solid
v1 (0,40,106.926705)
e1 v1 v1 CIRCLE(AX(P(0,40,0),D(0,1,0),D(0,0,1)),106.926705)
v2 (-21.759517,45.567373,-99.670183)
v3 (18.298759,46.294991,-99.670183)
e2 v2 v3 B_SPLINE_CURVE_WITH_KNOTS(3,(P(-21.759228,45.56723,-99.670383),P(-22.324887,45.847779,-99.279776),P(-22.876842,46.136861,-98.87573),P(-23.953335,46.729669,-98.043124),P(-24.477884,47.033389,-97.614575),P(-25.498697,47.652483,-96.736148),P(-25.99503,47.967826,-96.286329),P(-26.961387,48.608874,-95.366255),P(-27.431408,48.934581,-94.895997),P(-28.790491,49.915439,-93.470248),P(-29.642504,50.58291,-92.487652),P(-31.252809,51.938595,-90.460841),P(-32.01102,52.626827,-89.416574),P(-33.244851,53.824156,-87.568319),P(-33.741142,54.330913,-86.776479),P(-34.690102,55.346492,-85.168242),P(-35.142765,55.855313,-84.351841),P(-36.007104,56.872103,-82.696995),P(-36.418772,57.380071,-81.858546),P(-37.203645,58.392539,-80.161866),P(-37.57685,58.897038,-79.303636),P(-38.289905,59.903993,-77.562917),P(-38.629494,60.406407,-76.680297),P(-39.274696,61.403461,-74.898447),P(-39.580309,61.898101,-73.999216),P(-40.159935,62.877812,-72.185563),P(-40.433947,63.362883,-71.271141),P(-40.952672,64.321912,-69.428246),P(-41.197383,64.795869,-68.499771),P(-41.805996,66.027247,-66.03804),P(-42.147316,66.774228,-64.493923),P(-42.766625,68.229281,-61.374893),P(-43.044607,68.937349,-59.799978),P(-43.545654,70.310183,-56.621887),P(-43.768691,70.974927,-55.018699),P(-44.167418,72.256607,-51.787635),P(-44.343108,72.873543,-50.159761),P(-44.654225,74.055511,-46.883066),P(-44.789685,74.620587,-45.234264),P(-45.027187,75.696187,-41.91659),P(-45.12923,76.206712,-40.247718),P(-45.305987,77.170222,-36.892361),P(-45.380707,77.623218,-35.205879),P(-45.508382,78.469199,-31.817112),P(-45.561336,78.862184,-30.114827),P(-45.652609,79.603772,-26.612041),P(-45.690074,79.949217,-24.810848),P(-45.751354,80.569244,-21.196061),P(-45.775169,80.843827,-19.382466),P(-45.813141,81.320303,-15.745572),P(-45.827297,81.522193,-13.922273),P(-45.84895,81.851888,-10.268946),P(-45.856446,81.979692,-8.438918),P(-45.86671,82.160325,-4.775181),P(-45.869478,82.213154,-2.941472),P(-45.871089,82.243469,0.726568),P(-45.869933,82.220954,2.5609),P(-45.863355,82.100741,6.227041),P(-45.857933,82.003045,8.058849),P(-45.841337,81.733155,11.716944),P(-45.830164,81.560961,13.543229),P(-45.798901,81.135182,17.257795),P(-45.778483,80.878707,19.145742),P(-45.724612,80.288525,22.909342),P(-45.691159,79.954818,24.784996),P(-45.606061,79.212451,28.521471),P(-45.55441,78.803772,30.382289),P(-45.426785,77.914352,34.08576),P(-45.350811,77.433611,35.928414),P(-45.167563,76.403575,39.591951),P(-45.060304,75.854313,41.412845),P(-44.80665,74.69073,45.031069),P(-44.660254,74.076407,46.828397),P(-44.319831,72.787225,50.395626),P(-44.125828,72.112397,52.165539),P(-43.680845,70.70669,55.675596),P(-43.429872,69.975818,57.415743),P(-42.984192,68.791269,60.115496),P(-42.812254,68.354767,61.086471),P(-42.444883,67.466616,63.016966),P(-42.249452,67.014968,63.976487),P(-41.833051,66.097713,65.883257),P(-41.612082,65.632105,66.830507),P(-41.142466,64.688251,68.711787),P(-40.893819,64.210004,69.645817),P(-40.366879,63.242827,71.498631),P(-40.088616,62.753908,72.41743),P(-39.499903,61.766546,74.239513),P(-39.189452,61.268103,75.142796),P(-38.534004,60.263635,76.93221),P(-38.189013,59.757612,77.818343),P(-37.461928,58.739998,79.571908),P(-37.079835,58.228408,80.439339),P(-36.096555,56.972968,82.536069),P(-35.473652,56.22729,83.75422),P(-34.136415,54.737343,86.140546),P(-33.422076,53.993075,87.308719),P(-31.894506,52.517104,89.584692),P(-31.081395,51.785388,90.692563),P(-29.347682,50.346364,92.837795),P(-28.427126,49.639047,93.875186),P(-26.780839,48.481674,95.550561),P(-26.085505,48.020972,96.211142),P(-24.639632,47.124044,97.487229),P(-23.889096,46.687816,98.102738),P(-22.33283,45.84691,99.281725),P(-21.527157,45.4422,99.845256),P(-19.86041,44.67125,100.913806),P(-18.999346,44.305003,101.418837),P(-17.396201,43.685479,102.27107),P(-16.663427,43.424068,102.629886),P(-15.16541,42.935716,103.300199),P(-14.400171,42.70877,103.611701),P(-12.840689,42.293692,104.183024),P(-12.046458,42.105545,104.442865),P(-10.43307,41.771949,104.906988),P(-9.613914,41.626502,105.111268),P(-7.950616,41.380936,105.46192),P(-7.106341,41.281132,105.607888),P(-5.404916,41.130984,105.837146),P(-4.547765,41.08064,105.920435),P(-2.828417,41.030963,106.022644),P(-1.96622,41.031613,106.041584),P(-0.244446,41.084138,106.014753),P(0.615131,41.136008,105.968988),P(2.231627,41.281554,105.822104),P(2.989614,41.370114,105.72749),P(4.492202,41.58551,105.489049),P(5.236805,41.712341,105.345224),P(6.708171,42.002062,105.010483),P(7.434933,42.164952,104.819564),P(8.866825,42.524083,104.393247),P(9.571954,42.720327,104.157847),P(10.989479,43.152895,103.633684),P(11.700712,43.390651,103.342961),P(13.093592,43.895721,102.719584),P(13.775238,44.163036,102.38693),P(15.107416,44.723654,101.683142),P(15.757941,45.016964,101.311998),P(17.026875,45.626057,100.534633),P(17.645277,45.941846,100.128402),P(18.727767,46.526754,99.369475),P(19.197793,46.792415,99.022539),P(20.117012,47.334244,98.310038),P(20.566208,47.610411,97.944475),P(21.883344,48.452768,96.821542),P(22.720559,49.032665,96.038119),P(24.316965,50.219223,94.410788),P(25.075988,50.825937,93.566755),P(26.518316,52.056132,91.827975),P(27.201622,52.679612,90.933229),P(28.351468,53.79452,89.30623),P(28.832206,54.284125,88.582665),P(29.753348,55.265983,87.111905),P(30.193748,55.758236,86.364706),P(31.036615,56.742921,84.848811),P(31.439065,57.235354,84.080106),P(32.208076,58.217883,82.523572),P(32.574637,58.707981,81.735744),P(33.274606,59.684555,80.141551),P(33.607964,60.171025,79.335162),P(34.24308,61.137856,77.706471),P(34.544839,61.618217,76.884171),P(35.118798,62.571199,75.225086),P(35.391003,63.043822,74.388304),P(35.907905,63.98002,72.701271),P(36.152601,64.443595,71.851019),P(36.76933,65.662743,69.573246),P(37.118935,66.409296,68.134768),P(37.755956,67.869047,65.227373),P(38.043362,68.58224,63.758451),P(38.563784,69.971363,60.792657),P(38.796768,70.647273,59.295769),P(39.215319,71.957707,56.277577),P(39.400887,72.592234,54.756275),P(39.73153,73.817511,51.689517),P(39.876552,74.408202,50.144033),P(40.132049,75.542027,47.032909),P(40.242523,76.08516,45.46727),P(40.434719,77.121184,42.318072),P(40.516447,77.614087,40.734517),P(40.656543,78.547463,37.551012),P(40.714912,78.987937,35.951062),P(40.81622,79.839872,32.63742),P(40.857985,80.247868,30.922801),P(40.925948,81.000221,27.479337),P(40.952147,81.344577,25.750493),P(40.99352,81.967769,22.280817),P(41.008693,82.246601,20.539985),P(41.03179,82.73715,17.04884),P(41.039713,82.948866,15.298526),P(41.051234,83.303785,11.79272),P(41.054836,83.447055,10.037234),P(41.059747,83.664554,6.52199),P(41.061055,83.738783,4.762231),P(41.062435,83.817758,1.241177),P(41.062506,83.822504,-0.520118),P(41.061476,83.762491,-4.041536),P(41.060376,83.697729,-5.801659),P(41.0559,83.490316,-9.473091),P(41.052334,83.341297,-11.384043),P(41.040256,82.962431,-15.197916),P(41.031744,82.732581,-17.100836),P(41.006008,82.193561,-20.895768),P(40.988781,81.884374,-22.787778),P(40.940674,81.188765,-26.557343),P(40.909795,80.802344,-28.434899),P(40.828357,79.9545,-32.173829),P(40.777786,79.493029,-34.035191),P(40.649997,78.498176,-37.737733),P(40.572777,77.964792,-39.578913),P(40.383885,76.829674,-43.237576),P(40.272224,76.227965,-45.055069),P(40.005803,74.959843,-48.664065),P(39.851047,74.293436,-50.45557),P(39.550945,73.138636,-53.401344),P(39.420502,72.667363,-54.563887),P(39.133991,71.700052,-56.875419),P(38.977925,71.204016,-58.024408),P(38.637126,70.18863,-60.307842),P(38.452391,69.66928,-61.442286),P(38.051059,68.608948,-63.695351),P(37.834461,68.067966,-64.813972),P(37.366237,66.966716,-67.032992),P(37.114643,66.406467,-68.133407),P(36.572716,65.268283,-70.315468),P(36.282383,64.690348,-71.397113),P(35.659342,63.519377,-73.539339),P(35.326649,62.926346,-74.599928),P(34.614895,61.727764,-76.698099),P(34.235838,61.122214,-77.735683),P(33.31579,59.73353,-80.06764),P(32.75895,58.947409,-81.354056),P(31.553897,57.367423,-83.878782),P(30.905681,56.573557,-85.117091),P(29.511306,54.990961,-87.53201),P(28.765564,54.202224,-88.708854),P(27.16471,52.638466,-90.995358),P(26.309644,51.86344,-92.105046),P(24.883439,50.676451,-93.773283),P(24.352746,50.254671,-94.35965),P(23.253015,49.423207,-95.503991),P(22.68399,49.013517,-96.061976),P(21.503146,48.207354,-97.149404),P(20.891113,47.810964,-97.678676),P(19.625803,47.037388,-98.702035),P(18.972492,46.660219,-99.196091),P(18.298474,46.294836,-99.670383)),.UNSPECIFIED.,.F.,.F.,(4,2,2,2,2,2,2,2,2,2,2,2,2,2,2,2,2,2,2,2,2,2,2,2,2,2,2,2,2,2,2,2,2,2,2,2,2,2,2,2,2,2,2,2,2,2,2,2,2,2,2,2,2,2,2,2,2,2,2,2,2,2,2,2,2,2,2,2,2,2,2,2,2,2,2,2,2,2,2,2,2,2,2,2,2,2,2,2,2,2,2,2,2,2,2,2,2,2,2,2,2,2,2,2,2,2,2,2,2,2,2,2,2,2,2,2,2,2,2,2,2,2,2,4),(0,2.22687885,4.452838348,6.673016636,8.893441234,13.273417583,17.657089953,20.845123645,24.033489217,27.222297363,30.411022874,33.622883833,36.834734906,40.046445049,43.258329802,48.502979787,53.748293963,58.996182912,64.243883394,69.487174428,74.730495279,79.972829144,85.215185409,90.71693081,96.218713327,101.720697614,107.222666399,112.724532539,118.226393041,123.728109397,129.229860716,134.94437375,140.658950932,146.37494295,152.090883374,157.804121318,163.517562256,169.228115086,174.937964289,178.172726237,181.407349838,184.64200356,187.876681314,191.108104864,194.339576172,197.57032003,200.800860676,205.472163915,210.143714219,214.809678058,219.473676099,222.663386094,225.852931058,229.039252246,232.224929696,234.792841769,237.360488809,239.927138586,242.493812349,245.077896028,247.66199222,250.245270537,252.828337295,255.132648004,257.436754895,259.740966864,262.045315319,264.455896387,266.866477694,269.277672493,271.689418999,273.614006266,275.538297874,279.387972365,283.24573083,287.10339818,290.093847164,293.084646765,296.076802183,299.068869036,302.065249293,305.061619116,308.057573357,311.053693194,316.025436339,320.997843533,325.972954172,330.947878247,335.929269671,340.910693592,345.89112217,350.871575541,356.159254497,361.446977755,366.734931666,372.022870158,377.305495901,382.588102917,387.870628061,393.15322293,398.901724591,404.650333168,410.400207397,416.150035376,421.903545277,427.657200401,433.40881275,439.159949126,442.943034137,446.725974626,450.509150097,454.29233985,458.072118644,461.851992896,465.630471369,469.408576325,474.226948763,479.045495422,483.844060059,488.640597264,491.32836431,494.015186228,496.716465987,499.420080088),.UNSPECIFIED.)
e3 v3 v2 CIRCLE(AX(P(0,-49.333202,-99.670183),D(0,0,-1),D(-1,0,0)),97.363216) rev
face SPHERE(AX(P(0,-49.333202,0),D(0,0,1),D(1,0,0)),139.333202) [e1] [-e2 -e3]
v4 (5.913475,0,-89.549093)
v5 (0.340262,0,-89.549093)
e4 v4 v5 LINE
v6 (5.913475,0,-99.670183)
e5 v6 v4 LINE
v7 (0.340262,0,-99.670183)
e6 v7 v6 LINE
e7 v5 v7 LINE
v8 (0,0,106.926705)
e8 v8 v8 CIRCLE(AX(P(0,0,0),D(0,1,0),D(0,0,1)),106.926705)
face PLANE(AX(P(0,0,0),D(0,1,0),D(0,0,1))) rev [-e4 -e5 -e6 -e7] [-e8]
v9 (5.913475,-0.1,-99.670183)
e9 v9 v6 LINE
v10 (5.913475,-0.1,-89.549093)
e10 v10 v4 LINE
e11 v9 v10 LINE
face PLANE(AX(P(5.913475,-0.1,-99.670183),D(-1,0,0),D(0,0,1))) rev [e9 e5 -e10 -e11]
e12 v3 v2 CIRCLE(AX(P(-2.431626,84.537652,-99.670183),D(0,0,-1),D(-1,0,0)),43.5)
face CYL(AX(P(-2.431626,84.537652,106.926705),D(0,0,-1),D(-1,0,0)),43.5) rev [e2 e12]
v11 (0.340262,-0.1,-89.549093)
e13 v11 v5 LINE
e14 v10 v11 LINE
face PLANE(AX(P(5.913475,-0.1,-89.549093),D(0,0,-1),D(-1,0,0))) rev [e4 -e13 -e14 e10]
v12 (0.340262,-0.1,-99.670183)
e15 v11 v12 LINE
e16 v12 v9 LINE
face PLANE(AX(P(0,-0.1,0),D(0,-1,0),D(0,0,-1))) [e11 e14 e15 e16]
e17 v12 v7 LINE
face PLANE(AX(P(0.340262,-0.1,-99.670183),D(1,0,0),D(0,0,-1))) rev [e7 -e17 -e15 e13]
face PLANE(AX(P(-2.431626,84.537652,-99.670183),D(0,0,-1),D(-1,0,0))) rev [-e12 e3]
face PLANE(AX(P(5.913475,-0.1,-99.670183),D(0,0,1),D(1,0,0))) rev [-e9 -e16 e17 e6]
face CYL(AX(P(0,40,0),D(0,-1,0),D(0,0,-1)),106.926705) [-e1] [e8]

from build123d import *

# Parameters (mm, degrees)
SKETCH1_R           = 106.926704947
BOSS_EXTRUDE1_DEPTH = 40
DOME1_FACE_RADIUS   = 106.926704947
DOME1_HEIGHT        = 50
SKETCH2_W           = 5.57321272
SKETCH2_H           = 10.121090013
BOSS_EXTRUDE3_DEPTH = 0.1
SKETCH3_R           = 43.5
CUT_EXTRUDE2_DEPTH  = 250.43054033


with BuildPart() as part:
    # Sketch1 → Boss-Extrude1 (new body)
    with BuildSketch(Plane(origin=(0, 0, 0), x_dir=(1, 0, 0), z_dir=(0, 1, 0))):
        with Locations(Location((0, 0, 0), (0, 0, 270))):
            Circle(SKETCH1_R)
    extrude(amount=BOSS_EXTRUDE1_DEPTH)

    # Dome1: a dome of height H over a round flat face of radius A is a cap of a sphere of radius (A * A + H * H) / (2 * H)
    dome1_r = (DOME1_FACE_RADIUS * DOME1_FACE_RADIUS + DOME1_HEIGHT * DOME1_HEIGHT) / (2 * DOME1_HEIGHT)
    dome1_base = Plane((0, 40, 0), z_dir=(0, 1, 0))
    with Locations(dome1_base.offset(DOME1_HEIGHT - dome1_r)):
        dome1_ball = Sphere(dome1_r, mode=Mode.PRIVATE)
    add(split(dome1_ball, bisect_by=dome1_base, keep=Keep.TOP, mode=Mode.PRIVATE))

    # Sketch2 → Boss-Extrude3 (add)
    with BuildSketch(Plane(origin=(0, 0, 0), x_dir=(-1, 0, 0), z_dir=(0, -1, 0))):
        with Locations((-3.126868322, 94.609638257)):
            Rectangle(SKETCH2_W, SKETCH2_H)
    extrude(amount=BOSS_EXTRUDE3_DEPTH)

    # Sketch3 → Cut-Extrude2 (cut, through all)
    with BuildSketch(Plane(origin=(0, 0, -99.670183264), x_dir=(-1, 0, 0), z_dir=(0, 0, -1))):
        with Locations((2.431626064, 84.537651938)):
            Circle(SKETCH3_R)
    extrude(amount=-CUT_EXTRUDE2_DEPTH, mode=Mode.SUBTRACT)


solid = part.part
